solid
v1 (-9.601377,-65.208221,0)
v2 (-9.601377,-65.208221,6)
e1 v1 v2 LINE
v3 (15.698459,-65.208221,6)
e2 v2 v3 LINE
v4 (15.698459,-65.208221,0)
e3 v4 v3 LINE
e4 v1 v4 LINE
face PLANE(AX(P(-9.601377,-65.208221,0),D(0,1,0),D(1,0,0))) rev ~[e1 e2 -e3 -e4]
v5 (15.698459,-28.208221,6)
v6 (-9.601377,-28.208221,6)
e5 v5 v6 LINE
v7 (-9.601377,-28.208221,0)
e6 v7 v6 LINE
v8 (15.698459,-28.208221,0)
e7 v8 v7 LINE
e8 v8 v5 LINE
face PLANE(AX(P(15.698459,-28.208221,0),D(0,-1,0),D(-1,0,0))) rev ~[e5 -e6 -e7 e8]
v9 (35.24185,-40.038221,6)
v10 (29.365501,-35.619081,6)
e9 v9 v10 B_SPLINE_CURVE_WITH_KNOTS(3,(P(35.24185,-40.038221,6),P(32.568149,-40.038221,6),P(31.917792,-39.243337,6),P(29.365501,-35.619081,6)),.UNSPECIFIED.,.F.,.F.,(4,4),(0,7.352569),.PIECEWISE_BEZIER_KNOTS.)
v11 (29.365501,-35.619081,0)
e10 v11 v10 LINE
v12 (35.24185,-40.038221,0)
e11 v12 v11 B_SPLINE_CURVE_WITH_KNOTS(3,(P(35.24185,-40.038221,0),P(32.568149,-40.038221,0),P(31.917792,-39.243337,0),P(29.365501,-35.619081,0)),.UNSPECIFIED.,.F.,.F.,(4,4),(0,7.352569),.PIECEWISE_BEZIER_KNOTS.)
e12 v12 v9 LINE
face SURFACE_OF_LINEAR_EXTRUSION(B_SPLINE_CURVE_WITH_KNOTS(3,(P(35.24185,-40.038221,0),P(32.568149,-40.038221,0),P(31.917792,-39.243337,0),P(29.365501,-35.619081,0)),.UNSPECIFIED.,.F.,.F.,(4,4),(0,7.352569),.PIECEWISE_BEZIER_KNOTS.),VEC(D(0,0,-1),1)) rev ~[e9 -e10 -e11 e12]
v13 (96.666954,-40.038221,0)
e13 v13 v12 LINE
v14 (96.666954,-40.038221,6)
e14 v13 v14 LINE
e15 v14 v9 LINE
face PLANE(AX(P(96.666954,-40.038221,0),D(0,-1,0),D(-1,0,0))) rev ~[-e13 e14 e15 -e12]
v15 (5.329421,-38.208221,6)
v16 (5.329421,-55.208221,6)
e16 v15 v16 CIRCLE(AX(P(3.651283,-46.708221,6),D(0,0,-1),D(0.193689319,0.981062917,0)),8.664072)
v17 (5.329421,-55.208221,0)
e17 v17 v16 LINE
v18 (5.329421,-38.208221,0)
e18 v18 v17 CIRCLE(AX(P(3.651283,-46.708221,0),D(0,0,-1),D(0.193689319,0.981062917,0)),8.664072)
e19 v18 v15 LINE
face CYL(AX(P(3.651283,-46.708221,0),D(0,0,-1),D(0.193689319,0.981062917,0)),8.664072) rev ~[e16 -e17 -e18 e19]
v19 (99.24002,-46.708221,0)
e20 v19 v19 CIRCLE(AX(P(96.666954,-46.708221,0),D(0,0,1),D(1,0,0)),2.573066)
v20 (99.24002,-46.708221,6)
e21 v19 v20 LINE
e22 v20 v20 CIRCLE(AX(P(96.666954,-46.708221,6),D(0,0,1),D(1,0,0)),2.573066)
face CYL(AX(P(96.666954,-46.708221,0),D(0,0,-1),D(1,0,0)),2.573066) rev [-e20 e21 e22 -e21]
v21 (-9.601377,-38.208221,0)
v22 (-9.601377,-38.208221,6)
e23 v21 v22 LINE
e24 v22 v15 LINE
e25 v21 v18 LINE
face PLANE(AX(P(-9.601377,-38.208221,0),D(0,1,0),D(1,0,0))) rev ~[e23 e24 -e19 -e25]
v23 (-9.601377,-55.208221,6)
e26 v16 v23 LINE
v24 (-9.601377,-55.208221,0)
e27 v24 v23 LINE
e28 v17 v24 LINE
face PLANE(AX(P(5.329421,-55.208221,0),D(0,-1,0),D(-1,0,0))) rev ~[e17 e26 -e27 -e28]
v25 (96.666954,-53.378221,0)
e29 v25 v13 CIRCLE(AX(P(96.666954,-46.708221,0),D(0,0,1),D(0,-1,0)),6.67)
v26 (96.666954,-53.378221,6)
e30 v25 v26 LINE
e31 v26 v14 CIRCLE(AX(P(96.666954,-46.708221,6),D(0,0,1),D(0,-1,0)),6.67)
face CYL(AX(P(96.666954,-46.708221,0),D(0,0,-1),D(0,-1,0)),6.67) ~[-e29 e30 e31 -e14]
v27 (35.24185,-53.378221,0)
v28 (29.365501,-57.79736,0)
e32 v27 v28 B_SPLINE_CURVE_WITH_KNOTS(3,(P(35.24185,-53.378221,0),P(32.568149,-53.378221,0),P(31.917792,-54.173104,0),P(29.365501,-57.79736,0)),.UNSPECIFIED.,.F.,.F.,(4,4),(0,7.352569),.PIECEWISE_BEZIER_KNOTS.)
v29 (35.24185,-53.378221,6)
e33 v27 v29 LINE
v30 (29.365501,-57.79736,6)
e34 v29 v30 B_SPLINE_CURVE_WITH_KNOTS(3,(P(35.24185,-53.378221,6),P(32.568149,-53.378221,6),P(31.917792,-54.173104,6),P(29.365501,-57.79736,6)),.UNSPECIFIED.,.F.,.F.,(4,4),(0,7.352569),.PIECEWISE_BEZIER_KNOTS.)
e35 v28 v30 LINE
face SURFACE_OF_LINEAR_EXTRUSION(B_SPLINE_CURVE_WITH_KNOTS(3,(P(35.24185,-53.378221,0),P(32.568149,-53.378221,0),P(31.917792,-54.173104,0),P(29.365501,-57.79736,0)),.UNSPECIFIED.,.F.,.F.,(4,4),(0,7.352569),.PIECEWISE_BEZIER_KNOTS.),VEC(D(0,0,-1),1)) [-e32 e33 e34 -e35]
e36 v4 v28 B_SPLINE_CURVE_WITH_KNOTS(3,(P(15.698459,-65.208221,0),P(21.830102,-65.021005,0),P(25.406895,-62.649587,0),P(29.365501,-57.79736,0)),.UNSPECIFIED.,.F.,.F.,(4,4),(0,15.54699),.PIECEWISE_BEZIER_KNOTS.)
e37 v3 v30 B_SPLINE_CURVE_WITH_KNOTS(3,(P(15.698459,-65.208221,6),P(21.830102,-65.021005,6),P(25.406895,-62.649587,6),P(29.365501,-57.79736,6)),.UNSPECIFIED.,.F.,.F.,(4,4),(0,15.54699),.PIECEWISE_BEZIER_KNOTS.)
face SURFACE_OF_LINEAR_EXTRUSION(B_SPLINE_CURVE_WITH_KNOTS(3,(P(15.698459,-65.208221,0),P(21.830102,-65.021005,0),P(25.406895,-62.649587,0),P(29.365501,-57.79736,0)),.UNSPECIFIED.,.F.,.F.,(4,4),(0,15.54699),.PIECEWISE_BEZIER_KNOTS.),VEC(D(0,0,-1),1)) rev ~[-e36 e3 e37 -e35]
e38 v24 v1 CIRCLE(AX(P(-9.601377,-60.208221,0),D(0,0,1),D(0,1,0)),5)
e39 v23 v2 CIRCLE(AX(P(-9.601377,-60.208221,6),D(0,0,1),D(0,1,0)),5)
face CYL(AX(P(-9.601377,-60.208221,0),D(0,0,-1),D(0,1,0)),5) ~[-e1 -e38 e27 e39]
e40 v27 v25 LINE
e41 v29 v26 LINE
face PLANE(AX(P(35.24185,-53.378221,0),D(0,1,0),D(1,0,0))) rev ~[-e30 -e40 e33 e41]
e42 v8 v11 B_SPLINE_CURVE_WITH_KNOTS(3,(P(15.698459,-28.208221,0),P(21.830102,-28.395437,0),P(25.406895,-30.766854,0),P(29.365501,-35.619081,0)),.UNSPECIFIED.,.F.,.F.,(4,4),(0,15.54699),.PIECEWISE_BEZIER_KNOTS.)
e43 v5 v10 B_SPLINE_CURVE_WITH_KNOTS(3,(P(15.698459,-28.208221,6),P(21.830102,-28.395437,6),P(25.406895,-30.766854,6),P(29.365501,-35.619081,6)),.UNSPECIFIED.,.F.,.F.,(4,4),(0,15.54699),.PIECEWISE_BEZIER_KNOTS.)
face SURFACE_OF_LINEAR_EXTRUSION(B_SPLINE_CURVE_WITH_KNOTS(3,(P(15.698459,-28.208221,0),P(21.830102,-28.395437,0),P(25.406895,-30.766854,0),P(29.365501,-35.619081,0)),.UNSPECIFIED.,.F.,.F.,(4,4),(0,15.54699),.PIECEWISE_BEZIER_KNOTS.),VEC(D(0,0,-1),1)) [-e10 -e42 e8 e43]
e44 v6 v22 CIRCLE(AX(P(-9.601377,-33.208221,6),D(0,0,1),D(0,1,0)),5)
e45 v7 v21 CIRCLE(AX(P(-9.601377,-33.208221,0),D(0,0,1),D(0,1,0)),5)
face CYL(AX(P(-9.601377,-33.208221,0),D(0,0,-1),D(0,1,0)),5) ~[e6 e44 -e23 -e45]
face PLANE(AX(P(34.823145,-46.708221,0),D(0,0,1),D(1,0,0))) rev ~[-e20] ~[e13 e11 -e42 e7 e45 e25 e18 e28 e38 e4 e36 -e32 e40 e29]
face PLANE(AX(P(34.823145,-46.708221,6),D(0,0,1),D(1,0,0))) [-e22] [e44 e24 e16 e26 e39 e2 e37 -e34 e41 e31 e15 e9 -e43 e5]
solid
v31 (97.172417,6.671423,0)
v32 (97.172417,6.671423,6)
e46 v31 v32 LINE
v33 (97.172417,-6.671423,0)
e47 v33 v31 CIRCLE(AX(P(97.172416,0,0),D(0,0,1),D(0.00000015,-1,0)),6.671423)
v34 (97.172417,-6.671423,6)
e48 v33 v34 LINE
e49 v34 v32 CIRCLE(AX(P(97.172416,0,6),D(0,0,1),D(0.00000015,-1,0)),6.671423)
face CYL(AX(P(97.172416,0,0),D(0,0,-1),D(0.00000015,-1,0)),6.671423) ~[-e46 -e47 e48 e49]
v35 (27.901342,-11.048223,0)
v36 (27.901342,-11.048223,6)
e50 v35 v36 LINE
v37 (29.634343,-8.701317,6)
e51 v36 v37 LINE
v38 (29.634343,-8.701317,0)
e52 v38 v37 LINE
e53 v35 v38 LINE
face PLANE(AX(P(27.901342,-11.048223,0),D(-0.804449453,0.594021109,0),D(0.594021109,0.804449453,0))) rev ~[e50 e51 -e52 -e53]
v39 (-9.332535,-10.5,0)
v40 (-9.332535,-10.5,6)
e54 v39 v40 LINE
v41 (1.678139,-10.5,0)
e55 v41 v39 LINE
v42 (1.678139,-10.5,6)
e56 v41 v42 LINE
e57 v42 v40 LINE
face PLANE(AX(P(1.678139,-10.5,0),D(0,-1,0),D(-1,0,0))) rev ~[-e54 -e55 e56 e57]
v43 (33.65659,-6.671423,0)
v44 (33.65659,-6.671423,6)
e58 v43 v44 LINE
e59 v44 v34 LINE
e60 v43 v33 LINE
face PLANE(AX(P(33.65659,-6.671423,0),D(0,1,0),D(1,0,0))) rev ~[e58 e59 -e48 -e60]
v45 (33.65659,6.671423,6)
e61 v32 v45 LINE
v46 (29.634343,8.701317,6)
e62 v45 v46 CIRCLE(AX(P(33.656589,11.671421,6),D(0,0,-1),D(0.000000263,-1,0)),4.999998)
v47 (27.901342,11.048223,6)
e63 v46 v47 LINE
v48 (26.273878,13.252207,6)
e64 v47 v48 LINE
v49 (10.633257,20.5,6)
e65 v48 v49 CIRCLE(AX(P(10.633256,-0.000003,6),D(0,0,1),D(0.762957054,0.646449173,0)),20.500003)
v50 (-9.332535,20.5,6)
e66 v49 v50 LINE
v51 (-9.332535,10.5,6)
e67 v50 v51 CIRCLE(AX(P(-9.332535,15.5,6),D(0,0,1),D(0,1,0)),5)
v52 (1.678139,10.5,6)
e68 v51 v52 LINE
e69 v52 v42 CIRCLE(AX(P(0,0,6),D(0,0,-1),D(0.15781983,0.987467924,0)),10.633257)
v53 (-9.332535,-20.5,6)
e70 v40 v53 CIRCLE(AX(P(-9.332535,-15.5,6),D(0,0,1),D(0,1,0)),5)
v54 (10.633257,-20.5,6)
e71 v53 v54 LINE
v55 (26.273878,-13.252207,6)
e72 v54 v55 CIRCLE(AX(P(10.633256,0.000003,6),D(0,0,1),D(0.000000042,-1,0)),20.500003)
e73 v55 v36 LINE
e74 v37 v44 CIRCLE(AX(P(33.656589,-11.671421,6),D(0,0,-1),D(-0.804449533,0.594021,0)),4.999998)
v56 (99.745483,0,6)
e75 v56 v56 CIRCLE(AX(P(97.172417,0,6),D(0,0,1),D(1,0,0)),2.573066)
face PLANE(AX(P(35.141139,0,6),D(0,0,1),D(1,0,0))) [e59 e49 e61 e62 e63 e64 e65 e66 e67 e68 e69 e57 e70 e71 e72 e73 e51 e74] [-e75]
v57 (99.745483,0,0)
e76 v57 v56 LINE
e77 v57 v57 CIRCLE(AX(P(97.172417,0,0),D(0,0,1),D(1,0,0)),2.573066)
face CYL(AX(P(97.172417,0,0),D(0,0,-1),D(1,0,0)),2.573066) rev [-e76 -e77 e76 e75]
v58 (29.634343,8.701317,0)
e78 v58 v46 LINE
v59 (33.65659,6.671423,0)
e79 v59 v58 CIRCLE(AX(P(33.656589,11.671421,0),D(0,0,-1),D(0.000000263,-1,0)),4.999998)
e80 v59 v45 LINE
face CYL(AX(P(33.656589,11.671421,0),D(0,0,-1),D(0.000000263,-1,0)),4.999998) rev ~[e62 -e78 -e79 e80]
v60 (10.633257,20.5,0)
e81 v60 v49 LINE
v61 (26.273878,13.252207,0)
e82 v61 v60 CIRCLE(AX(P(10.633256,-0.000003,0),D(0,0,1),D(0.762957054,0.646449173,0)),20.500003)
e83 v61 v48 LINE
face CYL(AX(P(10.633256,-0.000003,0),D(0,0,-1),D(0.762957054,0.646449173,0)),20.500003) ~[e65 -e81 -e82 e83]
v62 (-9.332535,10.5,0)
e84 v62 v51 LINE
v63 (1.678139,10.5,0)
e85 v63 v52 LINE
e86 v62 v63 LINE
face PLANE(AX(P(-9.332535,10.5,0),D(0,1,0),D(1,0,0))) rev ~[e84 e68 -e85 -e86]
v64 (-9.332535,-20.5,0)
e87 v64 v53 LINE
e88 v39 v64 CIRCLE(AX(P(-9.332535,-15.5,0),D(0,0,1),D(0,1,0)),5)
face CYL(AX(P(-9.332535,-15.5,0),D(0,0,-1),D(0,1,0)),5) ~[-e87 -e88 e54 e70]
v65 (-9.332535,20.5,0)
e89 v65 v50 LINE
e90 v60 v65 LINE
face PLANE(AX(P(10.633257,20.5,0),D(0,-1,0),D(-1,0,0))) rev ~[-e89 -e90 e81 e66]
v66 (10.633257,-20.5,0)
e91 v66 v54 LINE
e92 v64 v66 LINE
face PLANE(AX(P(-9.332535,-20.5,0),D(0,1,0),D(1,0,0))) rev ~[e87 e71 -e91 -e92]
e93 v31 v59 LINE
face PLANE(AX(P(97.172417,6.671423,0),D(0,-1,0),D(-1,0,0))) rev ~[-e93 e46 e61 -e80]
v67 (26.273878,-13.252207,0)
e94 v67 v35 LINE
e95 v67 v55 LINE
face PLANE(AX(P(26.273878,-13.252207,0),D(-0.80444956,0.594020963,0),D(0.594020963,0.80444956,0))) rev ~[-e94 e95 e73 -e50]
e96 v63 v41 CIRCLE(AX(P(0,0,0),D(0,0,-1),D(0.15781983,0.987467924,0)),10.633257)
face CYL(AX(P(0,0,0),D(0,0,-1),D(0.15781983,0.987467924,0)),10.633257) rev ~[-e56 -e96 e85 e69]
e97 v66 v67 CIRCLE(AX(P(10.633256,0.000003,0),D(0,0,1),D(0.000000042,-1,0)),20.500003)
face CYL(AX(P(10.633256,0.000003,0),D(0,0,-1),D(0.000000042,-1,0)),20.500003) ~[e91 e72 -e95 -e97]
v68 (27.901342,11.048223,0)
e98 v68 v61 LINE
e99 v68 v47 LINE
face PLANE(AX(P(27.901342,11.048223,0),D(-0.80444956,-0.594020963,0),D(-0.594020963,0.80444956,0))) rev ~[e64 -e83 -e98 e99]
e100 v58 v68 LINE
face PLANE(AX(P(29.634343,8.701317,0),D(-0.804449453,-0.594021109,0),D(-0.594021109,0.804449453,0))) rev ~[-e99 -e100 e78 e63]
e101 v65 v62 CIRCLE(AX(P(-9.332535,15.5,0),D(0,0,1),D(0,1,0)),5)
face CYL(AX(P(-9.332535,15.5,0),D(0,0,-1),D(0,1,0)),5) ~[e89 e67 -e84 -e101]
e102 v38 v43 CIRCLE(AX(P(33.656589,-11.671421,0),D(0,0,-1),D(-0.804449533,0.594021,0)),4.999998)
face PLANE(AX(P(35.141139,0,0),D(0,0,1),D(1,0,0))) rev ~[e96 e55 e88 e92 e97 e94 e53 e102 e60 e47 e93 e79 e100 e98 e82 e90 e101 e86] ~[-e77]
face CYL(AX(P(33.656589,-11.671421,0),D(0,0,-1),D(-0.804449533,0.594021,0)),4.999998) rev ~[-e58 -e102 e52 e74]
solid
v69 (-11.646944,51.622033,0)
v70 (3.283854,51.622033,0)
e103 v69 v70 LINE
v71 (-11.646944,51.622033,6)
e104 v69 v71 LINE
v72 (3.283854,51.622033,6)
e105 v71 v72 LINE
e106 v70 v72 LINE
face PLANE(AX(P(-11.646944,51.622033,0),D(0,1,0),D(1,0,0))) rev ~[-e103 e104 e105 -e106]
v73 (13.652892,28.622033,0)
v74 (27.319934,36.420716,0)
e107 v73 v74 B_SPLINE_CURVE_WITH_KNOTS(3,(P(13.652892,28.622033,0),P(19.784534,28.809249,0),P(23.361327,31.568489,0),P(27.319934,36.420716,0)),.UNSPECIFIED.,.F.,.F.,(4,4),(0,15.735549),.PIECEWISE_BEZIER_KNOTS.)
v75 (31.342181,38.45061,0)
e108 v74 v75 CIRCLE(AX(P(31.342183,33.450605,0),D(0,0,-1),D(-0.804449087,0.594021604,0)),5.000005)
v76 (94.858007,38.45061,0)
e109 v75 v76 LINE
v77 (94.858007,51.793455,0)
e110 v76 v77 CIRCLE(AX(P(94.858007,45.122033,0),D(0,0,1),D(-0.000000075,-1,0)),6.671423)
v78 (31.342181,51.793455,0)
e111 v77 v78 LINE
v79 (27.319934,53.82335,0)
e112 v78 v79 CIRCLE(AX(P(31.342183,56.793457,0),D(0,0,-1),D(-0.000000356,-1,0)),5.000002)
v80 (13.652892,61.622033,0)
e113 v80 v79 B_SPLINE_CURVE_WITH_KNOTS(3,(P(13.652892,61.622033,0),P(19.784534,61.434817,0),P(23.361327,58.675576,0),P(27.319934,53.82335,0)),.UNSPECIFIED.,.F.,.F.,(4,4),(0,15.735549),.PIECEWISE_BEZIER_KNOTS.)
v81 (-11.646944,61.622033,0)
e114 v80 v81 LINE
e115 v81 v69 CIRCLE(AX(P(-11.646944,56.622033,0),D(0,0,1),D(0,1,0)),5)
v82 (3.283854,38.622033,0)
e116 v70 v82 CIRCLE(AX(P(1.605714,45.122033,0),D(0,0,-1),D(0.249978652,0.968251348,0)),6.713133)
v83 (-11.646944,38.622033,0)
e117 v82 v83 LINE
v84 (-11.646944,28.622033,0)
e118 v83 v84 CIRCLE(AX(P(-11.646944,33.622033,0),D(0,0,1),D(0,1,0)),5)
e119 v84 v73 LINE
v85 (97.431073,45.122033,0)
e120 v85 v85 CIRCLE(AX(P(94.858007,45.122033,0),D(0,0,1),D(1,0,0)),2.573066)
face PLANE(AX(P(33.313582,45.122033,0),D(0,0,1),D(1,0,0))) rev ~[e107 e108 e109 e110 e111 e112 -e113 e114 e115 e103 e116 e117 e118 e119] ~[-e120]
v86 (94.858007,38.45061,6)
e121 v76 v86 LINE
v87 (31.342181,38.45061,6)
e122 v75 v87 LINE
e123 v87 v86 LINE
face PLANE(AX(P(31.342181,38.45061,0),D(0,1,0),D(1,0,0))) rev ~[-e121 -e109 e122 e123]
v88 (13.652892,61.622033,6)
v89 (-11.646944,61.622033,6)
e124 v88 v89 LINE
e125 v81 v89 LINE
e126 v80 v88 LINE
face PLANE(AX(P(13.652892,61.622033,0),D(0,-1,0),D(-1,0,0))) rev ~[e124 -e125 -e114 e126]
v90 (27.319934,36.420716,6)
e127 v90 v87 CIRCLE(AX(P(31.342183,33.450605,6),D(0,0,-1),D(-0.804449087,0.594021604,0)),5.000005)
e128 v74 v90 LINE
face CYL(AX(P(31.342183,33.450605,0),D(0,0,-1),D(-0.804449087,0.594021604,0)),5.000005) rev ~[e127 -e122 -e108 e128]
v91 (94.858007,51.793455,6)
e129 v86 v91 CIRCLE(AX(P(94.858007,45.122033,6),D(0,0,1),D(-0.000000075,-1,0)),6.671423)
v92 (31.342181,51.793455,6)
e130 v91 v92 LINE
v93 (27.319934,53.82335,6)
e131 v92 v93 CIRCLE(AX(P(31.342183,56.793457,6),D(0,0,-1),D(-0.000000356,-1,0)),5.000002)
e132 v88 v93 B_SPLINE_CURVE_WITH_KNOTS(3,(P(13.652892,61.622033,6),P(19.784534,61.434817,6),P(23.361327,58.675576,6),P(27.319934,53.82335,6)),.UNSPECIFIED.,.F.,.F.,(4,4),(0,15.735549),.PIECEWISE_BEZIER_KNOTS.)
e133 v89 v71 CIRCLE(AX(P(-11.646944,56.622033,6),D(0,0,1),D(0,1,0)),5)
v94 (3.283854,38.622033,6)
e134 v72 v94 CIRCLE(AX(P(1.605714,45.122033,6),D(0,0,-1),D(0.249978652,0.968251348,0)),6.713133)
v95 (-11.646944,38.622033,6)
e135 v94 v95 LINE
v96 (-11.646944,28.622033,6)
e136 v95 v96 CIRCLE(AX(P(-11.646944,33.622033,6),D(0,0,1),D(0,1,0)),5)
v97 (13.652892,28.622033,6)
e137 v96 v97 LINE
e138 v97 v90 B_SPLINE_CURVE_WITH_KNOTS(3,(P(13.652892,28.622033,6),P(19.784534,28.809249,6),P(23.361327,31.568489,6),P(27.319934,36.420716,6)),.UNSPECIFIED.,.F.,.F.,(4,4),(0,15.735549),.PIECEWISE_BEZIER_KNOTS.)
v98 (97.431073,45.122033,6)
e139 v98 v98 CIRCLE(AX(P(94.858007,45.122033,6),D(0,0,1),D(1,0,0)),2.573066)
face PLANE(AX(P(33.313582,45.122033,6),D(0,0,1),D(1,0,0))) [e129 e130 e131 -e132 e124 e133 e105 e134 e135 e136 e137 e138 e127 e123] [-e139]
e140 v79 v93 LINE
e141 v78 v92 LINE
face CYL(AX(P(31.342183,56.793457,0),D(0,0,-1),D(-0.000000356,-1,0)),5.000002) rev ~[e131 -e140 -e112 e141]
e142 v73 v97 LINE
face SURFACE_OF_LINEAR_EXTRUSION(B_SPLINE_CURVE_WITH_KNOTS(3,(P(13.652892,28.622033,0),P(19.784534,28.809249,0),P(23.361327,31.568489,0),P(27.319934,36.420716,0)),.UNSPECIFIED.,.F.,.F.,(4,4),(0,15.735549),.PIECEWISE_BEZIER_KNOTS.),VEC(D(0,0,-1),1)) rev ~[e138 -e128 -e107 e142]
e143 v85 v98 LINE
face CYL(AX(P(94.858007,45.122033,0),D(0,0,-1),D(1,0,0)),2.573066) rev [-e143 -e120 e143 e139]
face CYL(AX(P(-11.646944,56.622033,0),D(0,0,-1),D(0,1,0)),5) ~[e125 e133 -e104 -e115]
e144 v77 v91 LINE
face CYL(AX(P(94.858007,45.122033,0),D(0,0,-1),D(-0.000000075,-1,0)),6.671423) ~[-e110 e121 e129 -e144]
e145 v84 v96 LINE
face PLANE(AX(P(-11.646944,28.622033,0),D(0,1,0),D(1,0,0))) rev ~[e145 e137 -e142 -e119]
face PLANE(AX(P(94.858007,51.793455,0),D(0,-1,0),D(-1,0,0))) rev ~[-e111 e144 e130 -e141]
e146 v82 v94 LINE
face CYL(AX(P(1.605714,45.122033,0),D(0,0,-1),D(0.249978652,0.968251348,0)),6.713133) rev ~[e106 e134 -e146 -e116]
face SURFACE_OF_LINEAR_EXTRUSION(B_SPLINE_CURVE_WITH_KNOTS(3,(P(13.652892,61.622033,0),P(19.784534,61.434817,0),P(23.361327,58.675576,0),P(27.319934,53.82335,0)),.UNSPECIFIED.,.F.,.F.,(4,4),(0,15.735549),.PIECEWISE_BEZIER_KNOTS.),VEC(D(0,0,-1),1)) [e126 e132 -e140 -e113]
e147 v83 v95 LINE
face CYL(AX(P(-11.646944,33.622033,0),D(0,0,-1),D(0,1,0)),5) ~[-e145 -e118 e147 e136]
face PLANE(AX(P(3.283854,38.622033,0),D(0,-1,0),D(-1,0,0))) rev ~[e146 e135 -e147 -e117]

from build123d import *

# Parameters (mm, degrees)
F0_R     = 2.573066
F1_DEPTH = 6
F2_R     = 2.573066
F3_DEPTH = 6
F4_R     = 2.573066
F5_DEPTH = 6


with BuildPart() as f1:
    # F0 (on Top) → F1 (new body)
    with BuildSketch(Plane.XY):
        with BuildLine():
            ThreePointArc((1.678139, 10.5), (10.633257, 0), (1.678139, -10.5))
            Line((1.678139, -10.5), (-4.690416, -10.5))
            Line((-4.690416, -10.5), (-9.332535, -10.5))
            ThreePointArc((-9.332535, -10.5), (-14.332535, -15.5), (-9.332535, -20.5))
            Line((-9.332535, -20.5), (10.633257, -20.5))
            ThreePointArc((10.633257, -20.5), (19.252415, -18.600003), (26.273878, -13.252207))
            Line((26.273878, -13.252207), (27.901342, -11.048223))
            Line((27.901342, -11.048223), (29.634343, -8.701317))
            ThreePointArc((29.634343, -8.701317), (31.403873, -7.20765), (33.65659, -6.671423))
            Line((33.65659, -6.671423), (97.172417, -6.671423))
            ThreePointArc((97.172417, -6.671423), (103.843839, 0), (97.172417, 6.671423))
            Line((97.172417, 6.671423), (33.65659, 6.671423))
            ThreePointArc((33.65659, 6.671423), (31.403873, 7.20765), (29.634343, 8.701317))
            Line((29.634343, 8.701317), (27.901342, 11.048223))
            Line((27.901342, 11.048223), (26.273878, 13.252207))
            ThreePointArc((26.273878, 13.252207), (19.252415, 18.600003), (10.633257, 20.5))
            Line((10.633257, 20.5), (-9.332535, 20.5))
            ThreePointArc((-9.332535, 20.5), (-14.332535, 15.5), (-9.332535, 10.5))
            Line((-9.332535, 10.5), (-4.690416, 10.5))
            Line((-4.690416, 10.5), (1.678139, 10.5))
        make_face()
        with Locations((97.172417, 0)):
            Circle(F0_R, mode=Mode.SUBTRACT)
    extrude(amount=F1_DEPTH)


with BuildPart() as f3:
    # F2 (on Top) → F3 (new body)
    with BuildSketch(Plane.XY):
        with BuildLine():
            ThreePointArc((3.283854, 51.622033), (8.318847, 45.122033), (3.283854, 38.622033))
            Line((3.283854, 38.622033), (-3.084701, 38.622033))
            Line((-3.084701, 38.622033), (-11.646944, 38.622033))
            ThreePointArc((-11.646944, 38.622033), (-16.646944, 33.622033), (-11.646944, 28.622033))
            Line((-11.646944, 28.622033), (13.652892, 28.622033))
            add(Edge.make_bspline(
                [(13.652892, 28.622033), (19.784534, 28.809249), (23.361327, 31.568489), (27.319934, 36.420716)],
                knots=[0, 0, 0, 0, 15.735549, 15.735549, 15.735549, 15.735549], degree=3))
            ThreePointArc((27.319934, 36.420716), (29.089464, 37.914382), (31.342181, 38.45061))
            Line((31.342181, 38.45061), (94.858007, 38.45061))
            ThreePointArc((94.858007, 38.45061), (101.52943, 45.122033), (94.858007, 51.793455))
            Line((94.858007, 51.793455), (31.342181, 51.793455))
            ThreePointArc((31.342181, 51.793455), (29.089464, 52.329683), (27.319934, 53.82335))
            add(Edge.make_bspline(
                [(13.652892, 61.622033), (19.784534, 61.434817), (23.361327, 58.675576), (27.319934, 53.82335)],
                knots=[0, 0, 0, 0, 15.735549, 15.735549, 15.735549, 15.735549], degree=3))
            Line((13.652892, 61.622033), (-11.646944, 61.622033))
            ThreePointArc((-11.646944, 61.622033), (-16.646944, 56.622033), (-11.646944, 51.622033))
            Line((-11.646944, 51.622033), (-3.084701, 51.622033))
            Line((-3.084701, 51.622033), (3.283854, 51.622033))
        make_face()
        with Locations((94.858007, 45.122033)):
            Circle(F2_R, mode=Mode.SUBTRACT)
    extrude(amount=F3_DEPTH)


with BuildPart() as f5:
    # F4 (on Top) → F5 (new body)
    with BuildSketch(Plane.XY):
        with BuildLine():
            ThreePointArc((5.329421, -38.208221), (12.315355, -46.708221), (5.329421, -55.208221))
            Line((5.329421, -55.208221), (-1.039134, -55.208221))
            Line((-1.039134, -55.208221), (-9.601377, -55.208221))
            ThreePointArc((-9.601377, -55.208221), (-14.601377, -60.208221), (-9.601377, -65.208221))
            Line((-9.601377, -65.208221), (15.698459, -65.208221))
            add(Edge.make_bspline(
                [(15.698459, -65.208221), (21.830102, -65.021005), (25.406895, -62.649587), (29.365501, -57.79736)],
                knots=[0, 0, 0, 0, 15.54699, 15.54699, 15.54699, 15.54699], degree=3))
            add(Edge.make_bspline(
                [(35.24185, -53.378221), (32.568149, -53.378221), (31.917792, -54.173104), (29.365501, -57.79736)],
                knots=[0, 0, 0, 0, 7.352569, 7.352569, 7.352569, 7.352569], degree=3))
            Line((35.24185, -53.378221), (96.666954, -53.378221))
            ThreePointArc((96.666954, -53.378221), (103.336954, -46.708221), (96.666954, -40.038221))
            Line((96.666954, -40.038221), (35.24185, -40.038221))
            add(Edge.make_bspline(
                [(35.24185, -40.038221), (32.568149, -40.038221), (31.917792, -39.243337), (29.365501, -35.619081)],
                knots=[0, 0, 0, 0, 7.352569, 7.352569, 7.352569, 7.352569], degree=3))
            add(Edge.make_bspline(
                [(15.698459, -28.208221), (21.830102, -28.395437), (25.406895, -30.766854), (29.365501, -35.619081)],
                knots=[0, 0, 0, 0, 15.54699, 15.54699, 15.54699, 15.54699], degree=3))
            Line((15.698459, -28.208221), (-9.601377, -28.208221))
            ThreePointArc((-9.601377, -28.208221), (-14.601377, -33.208221), (-9.601377, -38.208221))
            Line((-9.601377, -38.208221), (-1.039134, -38.208221))
            Line((-1.039134, -38.208221), (5.329421, -38.208221))
        make_face()
        with Locations((96.666954, -46.708221)):
            Circle(F4_R, mode=Mode.SUBTRACT)
    extrude(amount=F5_DEPTH)


solid = Compound([f1.part, f3.part, f5.part])
